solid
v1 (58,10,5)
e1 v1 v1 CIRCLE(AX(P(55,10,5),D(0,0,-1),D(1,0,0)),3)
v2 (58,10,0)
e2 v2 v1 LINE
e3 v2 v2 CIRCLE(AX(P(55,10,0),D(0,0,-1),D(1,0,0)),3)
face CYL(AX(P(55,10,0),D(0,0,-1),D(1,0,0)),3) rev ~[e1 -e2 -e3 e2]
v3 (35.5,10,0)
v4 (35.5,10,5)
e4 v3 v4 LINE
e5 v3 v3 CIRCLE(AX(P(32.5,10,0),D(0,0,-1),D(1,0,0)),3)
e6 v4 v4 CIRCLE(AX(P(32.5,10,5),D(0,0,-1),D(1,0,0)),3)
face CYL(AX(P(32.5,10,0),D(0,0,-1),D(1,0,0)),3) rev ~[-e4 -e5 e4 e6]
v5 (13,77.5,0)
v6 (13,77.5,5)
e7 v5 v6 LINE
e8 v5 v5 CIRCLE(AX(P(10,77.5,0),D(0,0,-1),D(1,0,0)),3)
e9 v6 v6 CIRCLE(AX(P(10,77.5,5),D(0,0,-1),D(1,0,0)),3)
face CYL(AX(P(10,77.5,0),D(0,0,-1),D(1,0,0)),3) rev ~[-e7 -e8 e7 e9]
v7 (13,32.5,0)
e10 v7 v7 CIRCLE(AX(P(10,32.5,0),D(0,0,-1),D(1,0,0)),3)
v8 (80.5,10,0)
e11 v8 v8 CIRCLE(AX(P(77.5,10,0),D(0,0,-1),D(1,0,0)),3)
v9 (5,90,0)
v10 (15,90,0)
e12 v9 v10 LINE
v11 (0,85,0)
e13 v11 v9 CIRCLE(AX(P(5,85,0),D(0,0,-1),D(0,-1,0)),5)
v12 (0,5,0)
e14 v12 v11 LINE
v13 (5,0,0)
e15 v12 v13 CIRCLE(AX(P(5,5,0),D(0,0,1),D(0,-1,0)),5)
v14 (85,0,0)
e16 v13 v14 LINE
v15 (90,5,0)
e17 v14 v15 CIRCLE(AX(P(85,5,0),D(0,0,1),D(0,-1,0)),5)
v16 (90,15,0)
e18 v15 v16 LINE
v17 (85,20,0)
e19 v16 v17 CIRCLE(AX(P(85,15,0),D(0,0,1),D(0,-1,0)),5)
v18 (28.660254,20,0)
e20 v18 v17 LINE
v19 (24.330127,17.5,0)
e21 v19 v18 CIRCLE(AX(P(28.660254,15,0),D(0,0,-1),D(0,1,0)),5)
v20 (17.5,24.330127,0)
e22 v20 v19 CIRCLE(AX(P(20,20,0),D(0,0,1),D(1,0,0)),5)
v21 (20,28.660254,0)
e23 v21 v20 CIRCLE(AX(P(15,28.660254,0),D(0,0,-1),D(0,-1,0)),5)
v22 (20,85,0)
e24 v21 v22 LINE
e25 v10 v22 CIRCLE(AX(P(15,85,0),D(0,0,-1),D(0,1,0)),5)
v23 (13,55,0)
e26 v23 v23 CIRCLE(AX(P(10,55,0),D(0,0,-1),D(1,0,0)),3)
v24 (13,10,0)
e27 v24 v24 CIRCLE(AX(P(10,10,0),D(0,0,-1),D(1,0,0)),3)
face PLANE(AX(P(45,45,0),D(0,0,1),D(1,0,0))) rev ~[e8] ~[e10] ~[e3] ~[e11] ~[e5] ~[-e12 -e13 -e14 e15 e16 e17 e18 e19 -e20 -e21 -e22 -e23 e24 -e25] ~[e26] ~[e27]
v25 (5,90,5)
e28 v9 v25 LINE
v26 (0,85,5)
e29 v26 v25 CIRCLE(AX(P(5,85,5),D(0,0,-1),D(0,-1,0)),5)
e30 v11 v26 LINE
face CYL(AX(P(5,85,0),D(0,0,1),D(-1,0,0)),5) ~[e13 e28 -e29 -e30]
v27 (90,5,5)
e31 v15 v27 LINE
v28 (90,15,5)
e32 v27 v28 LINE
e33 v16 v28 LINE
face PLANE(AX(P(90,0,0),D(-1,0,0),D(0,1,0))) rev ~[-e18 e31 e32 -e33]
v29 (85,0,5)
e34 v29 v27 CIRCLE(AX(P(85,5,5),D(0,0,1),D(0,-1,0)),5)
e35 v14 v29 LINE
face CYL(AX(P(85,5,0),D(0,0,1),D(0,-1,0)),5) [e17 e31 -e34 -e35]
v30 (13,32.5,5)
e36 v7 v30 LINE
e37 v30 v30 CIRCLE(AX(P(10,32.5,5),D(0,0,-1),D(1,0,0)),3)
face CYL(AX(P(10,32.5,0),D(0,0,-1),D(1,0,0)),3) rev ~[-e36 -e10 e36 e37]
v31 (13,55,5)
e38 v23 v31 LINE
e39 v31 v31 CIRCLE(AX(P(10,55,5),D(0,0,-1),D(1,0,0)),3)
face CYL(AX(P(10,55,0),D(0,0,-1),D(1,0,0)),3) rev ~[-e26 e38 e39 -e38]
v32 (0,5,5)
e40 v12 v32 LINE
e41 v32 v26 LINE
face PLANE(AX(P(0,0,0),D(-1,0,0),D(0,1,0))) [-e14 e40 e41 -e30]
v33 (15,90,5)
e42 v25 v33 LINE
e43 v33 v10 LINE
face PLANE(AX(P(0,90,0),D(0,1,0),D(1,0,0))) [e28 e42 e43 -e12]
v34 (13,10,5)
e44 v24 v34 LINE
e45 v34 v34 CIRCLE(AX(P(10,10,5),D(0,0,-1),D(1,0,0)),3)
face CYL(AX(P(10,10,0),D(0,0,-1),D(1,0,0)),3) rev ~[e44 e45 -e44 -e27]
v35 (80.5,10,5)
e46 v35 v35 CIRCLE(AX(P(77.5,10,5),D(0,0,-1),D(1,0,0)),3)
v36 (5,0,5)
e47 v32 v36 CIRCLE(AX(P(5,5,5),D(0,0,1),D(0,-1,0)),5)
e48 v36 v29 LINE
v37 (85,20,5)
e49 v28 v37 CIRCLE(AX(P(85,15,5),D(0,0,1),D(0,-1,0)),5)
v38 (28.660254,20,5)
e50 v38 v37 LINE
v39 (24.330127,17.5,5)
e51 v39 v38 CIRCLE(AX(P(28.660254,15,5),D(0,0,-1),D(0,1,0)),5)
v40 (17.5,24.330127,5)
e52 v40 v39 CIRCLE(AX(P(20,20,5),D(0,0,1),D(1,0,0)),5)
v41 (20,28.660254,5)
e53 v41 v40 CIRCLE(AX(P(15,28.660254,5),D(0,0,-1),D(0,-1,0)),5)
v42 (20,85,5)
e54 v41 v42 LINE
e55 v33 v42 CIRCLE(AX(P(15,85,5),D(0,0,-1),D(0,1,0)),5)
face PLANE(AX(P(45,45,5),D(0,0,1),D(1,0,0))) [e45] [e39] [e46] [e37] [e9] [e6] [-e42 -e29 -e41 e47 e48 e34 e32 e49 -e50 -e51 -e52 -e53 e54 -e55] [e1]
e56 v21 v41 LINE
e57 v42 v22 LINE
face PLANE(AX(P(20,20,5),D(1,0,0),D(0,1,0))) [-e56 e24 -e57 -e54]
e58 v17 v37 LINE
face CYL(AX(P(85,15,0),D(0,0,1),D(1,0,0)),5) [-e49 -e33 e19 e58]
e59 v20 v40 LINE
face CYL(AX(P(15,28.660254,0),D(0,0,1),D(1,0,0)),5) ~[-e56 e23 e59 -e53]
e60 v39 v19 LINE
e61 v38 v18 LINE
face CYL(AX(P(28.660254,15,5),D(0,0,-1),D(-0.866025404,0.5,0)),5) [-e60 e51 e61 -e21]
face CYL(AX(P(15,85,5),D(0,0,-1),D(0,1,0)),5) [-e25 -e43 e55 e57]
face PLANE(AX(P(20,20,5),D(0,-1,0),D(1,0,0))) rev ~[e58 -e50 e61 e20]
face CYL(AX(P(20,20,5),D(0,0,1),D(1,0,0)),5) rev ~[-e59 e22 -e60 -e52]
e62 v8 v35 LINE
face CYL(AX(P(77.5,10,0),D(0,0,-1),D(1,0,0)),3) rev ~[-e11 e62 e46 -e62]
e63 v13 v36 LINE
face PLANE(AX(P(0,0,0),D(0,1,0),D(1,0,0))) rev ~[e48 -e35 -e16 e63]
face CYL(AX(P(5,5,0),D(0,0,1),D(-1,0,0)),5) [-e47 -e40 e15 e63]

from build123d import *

# Parameters (mm, degrees)
SKETCH_W        = 90
SKETCH_H        = 90
PAD_DEPTH       = 5
SKETCH001_W     = 90
SKETCH001_H     = 90
POCKET_DEPTH    = 5
SKETCH002_R     = 5
POCKET001_DEPTH = 5
FILLET_R        = 5
SKETCH003_R     = 3
POCKET002_DEPTH = 5


with BuildPart() as part:
    # Sketch → Pad (new body)
    with BuildSketch(Plane.XY):
        with Locations((45, 45)):
            Rectangle(SKETCH_W, SKETCH_H)
    extrude(amount=PAD_DEPTH)

    # Sketch001 (on Face6 of Pad) → Pocket (cut)
    with BuildSketch(Plane.XY.offset(5)):
        with Locations((65, 65)):
            Rectangle(SKETCH001_W, SKETCH001_H)
    extrude(amount=-POCKET_DEPTH, mode=Mode.SUBTRACT)

    # Sketch002 (on Face4 of Pocket) → Pocket001 (cut)
    with BuildSketch(Plane.XY.offset(5)):
        with Locations((20, 20)):
            Circle(SKETCH002_R)
    extrude(amount=-POCKET001_DEPTH, mode=Mode.SUBTRACT)

    # Fillet
    fillet_edges = [part.edges().sort_by_distance(p)[0] for p in [
        (20, 25, 2.5),
        (25, 20, 2.5),
        (0, 0, 2.5),
        (90, 20, 2.5),
        (90, 0, 2.5),
        (20, 90, 2.5),
        (0, 90, 2.5),
    ]]
    fillet(fillet_edges, radius=FILLET_R)

    # Sketch003 (on Face2 of Fillet) → Pocket002 (cut)
    with BuildSketch(Plane(origin=(0, 0, 0), x_dir=(1, 0, 0), z_dir=(0, 0, -1))):
        with Locations((32.5, -10)):
            Circle(SKETCH003_R)
        with Locations((55, -10)):
            Circle(SKETCH003_R)
        with Locations((77.5, -10)):
            Circle(SKETCH003_R)
        with Locations((10, -32.5)):
            Circle(SKETCH003_R)
        with Locations((10, -55)):
            Circle(SKETCH003_R)
        with Locations((10, -77.5)):
            Circle(SKETCH003_R)
        with Locations((10, -10)):
            Circle(SKETCH003_R)
    extrude(amount=-POCKET002_DEPTH, mode=Mode.SUBTRACT)


solid = part.part
